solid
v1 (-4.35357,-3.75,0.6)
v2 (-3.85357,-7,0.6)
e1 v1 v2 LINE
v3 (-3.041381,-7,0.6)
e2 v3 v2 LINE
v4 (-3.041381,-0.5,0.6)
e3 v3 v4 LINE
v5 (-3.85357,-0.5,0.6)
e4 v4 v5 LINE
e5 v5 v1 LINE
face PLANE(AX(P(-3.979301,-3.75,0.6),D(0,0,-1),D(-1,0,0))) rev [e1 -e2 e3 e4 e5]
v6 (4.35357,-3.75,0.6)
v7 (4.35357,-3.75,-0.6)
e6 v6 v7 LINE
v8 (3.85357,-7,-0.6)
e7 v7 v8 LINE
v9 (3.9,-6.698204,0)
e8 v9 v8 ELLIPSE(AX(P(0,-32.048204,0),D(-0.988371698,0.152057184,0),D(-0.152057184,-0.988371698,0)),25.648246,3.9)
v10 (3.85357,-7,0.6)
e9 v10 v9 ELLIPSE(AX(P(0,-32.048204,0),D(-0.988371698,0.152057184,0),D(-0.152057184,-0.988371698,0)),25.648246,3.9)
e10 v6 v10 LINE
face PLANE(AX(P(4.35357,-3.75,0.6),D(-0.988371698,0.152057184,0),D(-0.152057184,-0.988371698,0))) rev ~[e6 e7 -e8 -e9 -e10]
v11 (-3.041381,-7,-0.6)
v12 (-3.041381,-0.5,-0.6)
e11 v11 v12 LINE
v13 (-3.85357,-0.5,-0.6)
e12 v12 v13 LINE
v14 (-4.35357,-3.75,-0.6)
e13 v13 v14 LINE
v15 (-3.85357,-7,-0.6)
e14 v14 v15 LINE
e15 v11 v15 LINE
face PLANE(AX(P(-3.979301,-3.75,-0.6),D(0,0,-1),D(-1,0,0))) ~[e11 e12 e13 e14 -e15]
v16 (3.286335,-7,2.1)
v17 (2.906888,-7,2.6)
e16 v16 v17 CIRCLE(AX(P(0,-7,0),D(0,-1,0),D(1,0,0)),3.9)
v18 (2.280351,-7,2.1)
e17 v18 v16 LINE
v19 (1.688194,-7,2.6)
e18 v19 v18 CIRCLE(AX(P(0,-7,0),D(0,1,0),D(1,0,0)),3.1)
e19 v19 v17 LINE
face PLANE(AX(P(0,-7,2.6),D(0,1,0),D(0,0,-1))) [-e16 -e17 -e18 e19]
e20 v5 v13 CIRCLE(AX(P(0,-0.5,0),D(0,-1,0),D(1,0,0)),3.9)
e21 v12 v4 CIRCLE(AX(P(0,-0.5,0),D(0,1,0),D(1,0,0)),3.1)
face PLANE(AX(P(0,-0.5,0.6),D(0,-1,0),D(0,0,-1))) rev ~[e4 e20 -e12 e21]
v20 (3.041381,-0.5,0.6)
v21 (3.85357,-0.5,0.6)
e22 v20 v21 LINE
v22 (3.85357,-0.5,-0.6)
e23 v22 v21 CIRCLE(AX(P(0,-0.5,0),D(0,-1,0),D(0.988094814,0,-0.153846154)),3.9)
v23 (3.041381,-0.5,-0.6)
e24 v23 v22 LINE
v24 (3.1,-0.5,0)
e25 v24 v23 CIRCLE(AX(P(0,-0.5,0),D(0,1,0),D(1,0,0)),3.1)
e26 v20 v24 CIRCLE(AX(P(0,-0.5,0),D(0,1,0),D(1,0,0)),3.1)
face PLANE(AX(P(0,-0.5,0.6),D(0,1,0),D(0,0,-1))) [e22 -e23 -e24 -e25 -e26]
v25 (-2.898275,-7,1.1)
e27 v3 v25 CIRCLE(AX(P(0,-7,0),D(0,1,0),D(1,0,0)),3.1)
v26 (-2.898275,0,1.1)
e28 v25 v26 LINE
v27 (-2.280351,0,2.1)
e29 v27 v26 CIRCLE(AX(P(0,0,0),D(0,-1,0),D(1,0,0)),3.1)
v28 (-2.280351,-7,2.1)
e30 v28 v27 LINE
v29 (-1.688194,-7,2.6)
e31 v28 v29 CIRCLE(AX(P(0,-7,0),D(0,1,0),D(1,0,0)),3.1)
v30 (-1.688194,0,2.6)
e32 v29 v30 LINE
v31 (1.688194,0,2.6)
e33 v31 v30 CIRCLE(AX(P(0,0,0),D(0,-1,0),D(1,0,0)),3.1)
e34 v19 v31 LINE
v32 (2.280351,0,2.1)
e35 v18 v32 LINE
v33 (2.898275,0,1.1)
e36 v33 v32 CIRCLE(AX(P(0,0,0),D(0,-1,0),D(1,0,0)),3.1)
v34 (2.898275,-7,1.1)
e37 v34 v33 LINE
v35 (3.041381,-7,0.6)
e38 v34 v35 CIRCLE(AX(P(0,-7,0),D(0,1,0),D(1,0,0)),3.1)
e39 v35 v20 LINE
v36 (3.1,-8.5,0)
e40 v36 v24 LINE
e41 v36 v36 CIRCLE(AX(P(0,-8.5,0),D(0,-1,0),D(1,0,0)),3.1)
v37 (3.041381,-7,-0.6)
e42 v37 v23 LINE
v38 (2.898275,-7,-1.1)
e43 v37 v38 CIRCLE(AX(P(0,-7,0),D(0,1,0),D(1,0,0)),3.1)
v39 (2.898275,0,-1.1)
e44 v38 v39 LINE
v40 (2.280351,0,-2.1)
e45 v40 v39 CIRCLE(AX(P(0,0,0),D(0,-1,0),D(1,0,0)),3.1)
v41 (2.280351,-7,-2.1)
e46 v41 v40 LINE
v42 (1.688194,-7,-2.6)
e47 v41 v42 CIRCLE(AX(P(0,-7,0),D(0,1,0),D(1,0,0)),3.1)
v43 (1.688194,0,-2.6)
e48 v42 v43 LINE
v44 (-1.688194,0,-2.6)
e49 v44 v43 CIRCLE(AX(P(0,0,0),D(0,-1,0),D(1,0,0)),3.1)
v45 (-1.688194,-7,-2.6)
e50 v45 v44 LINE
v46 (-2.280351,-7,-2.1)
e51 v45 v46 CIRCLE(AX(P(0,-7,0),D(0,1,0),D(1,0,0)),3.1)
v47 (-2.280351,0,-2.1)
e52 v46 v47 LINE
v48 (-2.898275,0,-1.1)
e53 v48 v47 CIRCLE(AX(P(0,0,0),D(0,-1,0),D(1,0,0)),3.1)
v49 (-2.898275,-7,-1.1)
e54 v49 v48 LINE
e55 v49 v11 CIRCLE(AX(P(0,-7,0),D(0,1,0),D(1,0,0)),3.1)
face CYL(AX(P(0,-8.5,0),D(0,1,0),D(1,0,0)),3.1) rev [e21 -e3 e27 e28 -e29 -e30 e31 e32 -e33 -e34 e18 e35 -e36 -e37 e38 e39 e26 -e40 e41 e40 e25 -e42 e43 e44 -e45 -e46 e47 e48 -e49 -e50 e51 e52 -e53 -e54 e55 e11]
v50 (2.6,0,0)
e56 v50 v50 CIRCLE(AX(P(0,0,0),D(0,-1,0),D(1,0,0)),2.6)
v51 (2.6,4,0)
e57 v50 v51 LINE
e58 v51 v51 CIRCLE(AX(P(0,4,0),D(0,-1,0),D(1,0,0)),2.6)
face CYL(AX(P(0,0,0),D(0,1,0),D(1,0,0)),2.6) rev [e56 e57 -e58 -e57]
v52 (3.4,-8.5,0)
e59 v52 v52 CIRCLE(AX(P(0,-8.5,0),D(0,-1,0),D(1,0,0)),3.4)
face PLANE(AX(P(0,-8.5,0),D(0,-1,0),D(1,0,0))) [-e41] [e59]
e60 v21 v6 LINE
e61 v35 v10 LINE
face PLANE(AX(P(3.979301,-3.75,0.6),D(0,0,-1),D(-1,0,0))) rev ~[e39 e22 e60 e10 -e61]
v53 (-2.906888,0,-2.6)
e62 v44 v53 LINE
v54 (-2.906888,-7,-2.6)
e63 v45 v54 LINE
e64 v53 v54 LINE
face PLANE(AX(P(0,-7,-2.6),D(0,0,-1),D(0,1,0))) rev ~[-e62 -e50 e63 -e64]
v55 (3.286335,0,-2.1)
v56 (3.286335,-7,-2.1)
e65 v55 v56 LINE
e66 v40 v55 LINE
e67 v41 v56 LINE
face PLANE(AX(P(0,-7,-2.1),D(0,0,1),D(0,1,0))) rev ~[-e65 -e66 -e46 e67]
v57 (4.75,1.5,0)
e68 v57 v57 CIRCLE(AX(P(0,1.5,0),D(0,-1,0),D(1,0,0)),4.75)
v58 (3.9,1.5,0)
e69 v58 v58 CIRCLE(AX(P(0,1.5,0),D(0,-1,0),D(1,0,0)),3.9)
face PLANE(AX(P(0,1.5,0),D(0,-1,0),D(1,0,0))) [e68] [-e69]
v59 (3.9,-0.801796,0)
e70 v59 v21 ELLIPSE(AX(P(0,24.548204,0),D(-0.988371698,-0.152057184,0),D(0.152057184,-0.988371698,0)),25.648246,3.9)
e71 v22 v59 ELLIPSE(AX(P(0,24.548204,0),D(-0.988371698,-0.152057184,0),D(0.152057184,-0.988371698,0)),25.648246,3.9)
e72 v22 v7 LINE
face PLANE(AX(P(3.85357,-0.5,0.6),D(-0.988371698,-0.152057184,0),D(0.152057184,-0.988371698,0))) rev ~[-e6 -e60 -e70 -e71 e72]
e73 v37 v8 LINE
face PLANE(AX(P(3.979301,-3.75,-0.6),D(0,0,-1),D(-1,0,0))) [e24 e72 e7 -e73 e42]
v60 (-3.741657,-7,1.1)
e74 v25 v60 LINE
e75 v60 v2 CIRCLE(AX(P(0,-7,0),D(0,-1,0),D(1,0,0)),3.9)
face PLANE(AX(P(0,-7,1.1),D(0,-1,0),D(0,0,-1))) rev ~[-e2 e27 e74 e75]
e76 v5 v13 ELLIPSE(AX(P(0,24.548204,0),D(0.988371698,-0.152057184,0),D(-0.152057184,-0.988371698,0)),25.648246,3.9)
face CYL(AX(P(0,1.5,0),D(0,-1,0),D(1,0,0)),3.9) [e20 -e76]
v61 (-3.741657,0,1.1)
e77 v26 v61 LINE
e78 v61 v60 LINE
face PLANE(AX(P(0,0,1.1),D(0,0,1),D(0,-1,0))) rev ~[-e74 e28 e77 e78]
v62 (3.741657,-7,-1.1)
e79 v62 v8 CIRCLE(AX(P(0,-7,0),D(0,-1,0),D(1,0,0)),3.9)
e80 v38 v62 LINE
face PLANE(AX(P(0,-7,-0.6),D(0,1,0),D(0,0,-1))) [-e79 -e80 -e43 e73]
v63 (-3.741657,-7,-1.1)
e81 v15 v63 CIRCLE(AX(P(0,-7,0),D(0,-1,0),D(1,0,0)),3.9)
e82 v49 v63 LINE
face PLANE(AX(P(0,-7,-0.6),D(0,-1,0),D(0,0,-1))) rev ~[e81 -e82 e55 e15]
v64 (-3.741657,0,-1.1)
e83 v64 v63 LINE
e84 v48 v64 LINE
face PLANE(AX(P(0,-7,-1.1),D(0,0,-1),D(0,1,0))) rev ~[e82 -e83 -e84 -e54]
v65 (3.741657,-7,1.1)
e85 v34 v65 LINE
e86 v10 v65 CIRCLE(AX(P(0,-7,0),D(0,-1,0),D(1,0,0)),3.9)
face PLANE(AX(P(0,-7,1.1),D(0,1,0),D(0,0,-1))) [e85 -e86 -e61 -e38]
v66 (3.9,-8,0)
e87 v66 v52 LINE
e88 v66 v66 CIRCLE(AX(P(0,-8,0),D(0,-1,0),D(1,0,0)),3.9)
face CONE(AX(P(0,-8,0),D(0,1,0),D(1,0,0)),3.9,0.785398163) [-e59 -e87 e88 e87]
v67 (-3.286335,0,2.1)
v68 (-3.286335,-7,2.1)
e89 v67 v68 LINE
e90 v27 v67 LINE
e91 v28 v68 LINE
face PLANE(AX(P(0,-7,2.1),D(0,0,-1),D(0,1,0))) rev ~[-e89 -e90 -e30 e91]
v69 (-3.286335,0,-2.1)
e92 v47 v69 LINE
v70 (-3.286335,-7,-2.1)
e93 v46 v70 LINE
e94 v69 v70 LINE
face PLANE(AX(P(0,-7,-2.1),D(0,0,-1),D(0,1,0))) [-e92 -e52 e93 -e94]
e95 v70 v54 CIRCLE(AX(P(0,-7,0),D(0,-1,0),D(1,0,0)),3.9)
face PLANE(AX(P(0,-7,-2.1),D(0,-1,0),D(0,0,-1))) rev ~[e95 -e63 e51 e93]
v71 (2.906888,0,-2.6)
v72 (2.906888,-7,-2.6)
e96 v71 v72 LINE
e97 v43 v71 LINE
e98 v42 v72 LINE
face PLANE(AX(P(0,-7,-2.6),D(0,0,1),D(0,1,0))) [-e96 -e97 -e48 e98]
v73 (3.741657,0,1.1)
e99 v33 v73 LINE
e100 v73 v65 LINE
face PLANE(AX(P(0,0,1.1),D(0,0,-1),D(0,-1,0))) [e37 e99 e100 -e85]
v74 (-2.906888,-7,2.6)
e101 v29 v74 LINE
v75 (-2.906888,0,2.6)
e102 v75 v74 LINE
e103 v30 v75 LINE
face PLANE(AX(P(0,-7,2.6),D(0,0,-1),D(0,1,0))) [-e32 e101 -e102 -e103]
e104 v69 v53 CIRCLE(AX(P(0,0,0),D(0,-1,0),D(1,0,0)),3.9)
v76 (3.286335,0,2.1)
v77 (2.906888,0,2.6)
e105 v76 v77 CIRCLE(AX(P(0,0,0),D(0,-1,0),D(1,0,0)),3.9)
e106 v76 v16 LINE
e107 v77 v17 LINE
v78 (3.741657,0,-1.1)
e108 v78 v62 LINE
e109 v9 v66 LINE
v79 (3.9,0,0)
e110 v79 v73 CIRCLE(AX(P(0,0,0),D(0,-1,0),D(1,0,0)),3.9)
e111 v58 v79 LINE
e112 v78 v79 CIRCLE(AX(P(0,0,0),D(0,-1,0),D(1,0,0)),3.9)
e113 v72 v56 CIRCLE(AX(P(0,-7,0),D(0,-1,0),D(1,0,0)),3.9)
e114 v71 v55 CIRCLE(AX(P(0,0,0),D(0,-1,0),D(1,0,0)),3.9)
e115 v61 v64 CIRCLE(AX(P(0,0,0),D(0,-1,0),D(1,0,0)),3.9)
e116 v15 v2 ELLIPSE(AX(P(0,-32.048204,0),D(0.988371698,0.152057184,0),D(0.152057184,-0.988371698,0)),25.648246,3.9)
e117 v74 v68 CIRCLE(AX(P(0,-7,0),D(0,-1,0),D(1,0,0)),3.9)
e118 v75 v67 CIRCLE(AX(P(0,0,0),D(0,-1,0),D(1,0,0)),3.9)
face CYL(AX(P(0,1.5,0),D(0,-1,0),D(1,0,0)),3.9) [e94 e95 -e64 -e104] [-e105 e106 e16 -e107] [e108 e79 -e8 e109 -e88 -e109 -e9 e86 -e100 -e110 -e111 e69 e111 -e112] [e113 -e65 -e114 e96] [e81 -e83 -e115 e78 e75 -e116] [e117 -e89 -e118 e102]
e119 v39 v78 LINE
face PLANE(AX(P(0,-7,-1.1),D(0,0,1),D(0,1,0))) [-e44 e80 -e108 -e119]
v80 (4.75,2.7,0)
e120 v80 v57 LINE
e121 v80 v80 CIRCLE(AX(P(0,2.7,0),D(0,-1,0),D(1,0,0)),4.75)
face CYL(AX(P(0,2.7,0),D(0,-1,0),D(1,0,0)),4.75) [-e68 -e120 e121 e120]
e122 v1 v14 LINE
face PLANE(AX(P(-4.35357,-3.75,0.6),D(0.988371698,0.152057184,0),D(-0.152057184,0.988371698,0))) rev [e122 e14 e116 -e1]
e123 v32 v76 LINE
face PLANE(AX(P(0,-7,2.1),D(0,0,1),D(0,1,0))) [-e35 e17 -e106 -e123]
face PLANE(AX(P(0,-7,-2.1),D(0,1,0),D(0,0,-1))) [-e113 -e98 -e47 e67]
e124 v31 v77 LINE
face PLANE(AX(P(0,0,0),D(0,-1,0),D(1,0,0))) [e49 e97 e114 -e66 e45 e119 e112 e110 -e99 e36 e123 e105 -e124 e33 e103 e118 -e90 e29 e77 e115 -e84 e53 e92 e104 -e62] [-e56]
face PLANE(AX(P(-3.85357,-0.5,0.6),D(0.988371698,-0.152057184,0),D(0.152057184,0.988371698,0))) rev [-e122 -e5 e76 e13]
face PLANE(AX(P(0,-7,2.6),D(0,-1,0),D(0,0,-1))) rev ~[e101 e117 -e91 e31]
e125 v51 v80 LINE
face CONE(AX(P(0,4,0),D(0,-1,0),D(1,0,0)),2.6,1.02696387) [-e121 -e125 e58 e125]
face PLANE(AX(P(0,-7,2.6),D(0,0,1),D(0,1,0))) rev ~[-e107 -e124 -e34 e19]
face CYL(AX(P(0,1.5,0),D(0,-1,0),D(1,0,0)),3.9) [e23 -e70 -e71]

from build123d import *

# Parameters (mm, degrees)
SKETCH2_W               = 0.5
SKETCH2_H               = 7
CUT_EXTRUDE1_DEPTH      = 5.75
CUT_EXTRUDE1_DEPTH_BACK = 5.75
BOSS_EXTRUDE1_DEPTH     = 1.2
CHAMFER1_SIZE           = 0.5


with BuildPart() as part:
    # Sketch1 → Revolve1 (revolve)
    with BuildSketch(Plane.XY):
        Polygon((2.6, 0), (2.6, 4), (4.75, 2.7), (4.75, 1.5), (3.9, 1.5), (3.9, -8.5), (3.1, -8.5), (3.1, 0), align=None)
    revolve(axis=Axis((0, 42.244045278, 0), (0, -1, 0)))

    # Sketch2 → Cut-Extrude1 (cut, two sides)
    with BuildSketch(Plane(origin=(0, 0, 0), x_dir=(0, 0, -1), z_dir=(1, 0, 0))) as cut_extrude1_sk:
        Polygon((0.6, -7), (1.1, -7), (1.1, 0), (-1.1, 0), (-1.1, -7), (-0.6, -7), (-0.6, -0.5), (0.6, -0.5), align=None)
        with Locations((-2.35, -3.5)):
            Rectangle(SKETCH2_W, SKETCH2_H)
        with Locations((2.35, -3.5)):
            Rectangle(SKETCH2_W, SKETCH2_H)
    extrude(amount=CUT_EXTRUDE1_DEPTH, mode=Mode.SUBTRACT)
    extrude(cut_extrude1_sk.sketch, amount=-CUT_EXTRUDE1_DEPTH_BACK, mode=Mode.SUBTRACT)

    # Sketch3 → Boss-Extrude1 (add)
    with BuildSketch(Plane.XY.offset(0.6)):
        Polygon((3.853569774, -0.5), (4.353569774, -3.75), (3.853569774, -7), align=None)
    boss_extrude1 = extrude(amount=-BOSS_EXTRUDE1_DEPTH)

    # Mirror1: Boss-Extrude1 across plane
    add(boss_extrude1.mirror(Plane(origin=(0, 0, 0), x_dir=(0, 0, 1), z_dir=(1, 0, 0))))

    # Chamfer1
    chamfer1_edges = [part.edges().sort_by_distance(p)[0] for p in [
        (-3.9, -8.5, 0),
    ]]
    chamfer(chamfer1_edges, length=CHAMFER1_SIZE)


solid = part.part
